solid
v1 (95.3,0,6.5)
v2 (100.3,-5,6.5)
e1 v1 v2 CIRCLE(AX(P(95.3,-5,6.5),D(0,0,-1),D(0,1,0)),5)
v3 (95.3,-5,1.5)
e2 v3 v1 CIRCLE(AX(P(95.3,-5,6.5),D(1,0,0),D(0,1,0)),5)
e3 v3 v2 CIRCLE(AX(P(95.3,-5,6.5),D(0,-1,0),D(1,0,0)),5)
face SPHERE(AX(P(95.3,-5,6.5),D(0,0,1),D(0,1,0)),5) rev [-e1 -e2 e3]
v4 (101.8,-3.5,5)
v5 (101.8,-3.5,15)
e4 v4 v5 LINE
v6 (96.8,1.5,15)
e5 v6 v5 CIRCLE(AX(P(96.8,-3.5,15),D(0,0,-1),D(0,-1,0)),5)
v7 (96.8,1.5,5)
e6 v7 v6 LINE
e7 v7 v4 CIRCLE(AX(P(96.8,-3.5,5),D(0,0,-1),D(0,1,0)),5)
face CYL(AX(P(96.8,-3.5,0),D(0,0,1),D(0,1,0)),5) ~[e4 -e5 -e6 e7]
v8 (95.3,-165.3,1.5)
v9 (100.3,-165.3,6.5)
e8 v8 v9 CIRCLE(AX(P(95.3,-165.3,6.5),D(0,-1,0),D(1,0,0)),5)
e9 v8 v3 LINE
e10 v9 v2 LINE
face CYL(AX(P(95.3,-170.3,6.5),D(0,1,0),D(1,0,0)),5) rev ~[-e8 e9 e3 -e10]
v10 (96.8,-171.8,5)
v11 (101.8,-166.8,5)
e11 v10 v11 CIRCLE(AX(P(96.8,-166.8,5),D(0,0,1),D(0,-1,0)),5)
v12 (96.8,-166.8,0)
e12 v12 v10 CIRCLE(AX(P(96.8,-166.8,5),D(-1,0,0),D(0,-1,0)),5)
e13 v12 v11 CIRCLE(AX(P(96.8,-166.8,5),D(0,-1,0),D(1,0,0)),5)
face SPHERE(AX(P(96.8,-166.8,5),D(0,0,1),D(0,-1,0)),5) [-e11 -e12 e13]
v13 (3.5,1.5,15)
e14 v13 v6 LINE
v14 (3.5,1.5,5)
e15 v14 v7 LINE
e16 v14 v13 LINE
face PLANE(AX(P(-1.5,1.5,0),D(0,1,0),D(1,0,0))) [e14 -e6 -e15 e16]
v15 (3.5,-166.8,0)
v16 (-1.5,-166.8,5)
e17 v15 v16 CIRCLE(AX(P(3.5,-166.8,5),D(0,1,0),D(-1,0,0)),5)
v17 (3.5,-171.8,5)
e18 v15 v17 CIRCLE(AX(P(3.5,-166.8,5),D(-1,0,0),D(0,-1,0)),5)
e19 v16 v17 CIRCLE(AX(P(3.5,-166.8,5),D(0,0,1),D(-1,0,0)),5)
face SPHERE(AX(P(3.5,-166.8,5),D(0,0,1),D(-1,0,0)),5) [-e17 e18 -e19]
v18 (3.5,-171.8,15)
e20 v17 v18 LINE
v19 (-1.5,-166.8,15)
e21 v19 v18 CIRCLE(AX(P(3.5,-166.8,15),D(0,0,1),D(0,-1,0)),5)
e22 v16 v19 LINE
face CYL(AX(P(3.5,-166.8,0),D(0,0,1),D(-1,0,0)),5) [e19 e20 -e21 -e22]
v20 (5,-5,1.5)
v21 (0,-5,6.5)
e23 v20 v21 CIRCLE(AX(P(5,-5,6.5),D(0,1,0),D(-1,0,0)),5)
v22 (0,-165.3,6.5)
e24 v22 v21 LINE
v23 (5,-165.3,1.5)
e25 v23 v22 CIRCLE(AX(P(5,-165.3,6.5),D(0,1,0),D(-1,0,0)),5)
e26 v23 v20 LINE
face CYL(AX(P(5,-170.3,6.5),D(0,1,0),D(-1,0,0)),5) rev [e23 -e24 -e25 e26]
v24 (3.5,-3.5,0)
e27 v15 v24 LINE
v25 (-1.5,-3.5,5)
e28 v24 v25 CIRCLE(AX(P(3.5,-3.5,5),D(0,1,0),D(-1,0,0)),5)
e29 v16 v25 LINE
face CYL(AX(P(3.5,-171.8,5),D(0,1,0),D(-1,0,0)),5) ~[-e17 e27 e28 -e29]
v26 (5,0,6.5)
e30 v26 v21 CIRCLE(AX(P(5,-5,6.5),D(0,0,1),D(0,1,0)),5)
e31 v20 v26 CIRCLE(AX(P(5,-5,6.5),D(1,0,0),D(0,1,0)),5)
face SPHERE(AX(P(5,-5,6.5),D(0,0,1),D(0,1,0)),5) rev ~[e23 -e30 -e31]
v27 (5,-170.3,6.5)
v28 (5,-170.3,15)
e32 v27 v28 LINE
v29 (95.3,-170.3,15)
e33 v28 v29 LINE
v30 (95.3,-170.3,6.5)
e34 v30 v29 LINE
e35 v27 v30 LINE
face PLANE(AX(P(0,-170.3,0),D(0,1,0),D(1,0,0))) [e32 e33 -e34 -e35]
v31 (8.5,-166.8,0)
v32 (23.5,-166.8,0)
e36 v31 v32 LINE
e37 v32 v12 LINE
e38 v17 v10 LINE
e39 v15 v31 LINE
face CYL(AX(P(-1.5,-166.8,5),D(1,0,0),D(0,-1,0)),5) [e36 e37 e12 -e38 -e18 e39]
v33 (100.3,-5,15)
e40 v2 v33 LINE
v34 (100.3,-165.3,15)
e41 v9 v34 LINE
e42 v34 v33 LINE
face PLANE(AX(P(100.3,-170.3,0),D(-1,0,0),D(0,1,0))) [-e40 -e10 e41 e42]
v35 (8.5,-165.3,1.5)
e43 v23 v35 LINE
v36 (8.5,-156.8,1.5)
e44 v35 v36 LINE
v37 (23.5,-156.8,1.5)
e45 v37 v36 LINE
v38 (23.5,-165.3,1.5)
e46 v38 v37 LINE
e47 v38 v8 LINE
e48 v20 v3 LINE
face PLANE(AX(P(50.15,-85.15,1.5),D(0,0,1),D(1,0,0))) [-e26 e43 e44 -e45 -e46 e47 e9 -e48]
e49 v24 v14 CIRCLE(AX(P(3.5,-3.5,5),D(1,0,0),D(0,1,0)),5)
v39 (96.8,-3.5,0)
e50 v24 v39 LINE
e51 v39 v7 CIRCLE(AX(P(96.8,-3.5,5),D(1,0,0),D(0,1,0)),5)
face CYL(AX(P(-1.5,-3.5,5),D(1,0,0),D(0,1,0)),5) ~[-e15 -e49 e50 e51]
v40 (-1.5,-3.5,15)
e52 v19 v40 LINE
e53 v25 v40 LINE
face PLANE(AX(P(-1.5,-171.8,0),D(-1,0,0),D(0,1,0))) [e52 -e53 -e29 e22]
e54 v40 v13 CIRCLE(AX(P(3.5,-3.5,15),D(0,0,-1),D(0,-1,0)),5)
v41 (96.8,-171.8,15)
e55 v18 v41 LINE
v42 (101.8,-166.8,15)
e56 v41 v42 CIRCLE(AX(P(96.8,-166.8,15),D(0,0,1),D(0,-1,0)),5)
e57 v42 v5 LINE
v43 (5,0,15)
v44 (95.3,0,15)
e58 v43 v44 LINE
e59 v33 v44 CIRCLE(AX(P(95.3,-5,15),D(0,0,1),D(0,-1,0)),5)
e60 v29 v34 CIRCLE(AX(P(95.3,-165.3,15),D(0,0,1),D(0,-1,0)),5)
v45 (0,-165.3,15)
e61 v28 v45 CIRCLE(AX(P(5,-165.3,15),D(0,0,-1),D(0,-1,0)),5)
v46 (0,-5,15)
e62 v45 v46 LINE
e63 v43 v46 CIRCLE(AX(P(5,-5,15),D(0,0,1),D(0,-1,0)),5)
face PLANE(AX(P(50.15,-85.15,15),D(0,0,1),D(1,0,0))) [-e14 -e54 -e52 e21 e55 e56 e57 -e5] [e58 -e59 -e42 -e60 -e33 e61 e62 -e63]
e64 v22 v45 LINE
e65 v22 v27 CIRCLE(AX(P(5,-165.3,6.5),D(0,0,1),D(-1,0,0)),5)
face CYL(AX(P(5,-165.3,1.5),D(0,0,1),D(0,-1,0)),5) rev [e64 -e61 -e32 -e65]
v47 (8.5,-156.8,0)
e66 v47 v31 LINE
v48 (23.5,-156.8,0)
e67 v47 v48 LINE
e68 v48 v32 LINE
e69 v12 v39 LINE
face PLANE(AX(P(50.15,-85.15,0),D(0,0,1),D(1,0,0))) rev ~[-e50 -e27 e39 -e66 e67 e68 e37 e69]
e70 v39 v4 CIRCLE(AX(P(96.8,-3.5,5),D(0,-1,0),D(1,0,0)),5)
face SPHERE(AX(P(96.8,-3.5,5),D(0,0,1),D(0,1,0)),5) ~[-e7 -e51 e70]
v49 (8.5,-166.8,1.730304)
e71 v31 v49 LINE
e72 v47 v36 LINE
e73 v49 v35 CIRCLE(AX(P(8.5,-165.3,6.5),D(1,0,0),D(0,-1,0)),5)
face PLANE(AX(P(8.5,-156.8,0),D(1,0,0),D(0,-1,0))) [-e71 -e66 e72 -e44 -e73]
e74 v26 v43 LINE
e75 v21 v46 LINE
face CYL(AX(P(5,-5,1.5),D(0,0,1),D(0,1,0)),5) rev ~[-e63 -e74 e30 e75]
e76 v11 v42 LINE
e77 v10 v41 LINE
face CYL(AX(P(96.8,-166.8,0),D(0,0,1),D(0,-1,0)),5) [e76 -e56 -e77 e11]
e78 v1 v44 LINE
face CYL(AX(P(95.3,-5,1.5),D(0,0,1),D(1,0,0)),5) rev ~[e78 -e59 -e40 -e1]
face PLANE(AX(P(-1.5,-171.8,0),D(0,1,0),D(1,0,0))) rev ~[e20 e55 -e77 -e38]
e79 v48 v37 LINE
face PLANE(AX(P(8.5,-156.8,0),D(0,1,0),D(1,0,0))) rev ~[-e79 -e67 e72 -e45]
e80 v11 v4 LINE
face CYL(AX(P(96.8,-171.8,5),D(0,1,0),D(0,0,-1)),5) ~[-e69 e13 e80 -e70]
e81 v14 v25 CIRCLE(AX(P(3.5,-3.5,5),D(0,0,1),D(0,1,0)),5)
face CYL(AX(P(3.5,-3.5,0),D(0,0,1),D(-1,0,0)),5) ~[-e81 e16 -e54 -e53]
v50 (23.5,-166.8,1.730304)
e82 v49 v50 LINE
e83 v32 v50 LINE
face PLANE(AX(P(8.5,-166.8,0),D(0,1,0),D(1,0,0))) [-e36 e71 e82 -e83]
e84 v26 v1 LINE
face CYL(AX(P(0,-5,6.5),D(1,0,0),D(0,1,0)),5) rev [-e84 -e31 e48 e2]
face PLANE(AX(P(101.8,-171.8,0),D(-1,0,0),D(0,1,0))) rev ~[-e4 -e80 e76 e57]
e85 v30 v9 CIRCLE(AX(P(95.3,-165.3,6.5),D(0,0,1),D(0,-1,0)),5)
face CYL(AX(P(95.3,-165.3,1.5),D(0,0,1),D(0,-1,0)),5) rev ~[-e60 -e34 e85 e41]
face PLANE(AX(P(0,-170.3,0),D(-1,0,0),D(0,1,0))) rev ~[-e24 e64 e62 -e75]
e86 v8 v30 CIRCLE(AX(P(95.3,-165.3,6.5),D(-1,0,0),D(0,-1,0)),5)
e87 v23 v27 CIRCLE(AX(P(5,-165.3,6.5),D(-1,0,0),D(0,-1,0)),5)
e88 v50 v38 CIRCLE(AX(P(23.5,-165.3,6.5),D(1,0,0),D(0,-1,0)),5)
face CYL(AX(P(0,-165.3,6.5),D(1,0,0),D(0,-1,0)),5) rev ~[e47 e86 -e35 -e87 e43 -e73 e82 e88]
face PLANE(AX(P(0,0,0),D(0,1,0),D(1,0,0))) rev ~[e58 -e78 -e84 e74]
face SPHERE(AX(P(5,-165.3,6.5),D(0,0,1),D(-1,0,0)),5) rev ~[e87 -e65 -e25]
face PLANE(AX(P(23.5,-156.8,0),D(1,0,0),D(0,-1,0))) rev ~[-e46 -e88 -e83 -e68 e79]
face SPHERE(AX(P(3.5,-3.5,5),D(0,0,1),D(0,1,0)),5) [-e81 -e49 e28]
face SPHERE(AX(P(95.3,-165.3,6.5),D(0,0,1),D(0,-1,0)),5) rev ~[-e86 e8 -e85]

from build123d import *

# Parameters (mm, degrees)
F0_W     = 100.3
F0_H     = 170.3
F1_DEPTH = 1.5
F0_W_2   = 103.3
F0_H_2   = 173.3
F2_DEPTH = 15
F3_R     = 5
F4_W     = 15
F4_H     = 10
F5_DEPTH = 25


with BuildPart() as f1:
    # F0 (on Top) → F1 (new body)
    with BuildSketch(Plane.XY):
        with Locations((50.15, -85.15)):
            Rectangle(F0_W, F0_H)
    extrude(amount=F1_DEPTH)

    # F0 (on Top) → F2 (join)
    with BuildSketch(Plane.XY):
        with Locations((50.15, -85.15)):
            Rectangle(F0_W_2, F0_H_2)
        with Locations((50.15, -85.15)):
            Rectangle(F0_W, F0_H, mode=Mode.SUBTRACT)
    extrude(amount=F2_DEPTH)

    # F3
    f3_edges = [f1.edges().sort_by_distance(p)[0] for p in [
        (0, 0, 8.25),
        (101.8, 1.5, 7.5),
        (100.3, 0, 8.25),
        (-1.5, 1.5, 7.5),
        (100.3, -170.3, 8.25),
        (-1.5, -171.8, 7.5),
        (0, -170.3, 8.25),
        (101.8, -171.8, 7.5),
        (50.15, 1.5, 0),
        (-1.5, -85.15, 0),
        (50.15, -171.8, 0),
        (101.8, -85.15, 0),
        (50.15, 0, 1.5),
        (0, -85.15, 1.5),
        (50.15, -170.3, 1.5),
        (100.3, -85.15, 1.5),
    ]]
    fillet(f3_edges, radius=F3_R)

    # F4 (on face) → F5 (cut)
    with BuildSketch(Plane(origin=(0, 0, 0), x_dir=(1, 0, 0), z_dir=(0, 0, -1))):
        with Locations((16, 161.8)):
            Rectangle(F4_W, F4_H)
    extrude(amount=-F5_DEPTH, mode=Mode.SUBTRACT)


solid = f1.part
